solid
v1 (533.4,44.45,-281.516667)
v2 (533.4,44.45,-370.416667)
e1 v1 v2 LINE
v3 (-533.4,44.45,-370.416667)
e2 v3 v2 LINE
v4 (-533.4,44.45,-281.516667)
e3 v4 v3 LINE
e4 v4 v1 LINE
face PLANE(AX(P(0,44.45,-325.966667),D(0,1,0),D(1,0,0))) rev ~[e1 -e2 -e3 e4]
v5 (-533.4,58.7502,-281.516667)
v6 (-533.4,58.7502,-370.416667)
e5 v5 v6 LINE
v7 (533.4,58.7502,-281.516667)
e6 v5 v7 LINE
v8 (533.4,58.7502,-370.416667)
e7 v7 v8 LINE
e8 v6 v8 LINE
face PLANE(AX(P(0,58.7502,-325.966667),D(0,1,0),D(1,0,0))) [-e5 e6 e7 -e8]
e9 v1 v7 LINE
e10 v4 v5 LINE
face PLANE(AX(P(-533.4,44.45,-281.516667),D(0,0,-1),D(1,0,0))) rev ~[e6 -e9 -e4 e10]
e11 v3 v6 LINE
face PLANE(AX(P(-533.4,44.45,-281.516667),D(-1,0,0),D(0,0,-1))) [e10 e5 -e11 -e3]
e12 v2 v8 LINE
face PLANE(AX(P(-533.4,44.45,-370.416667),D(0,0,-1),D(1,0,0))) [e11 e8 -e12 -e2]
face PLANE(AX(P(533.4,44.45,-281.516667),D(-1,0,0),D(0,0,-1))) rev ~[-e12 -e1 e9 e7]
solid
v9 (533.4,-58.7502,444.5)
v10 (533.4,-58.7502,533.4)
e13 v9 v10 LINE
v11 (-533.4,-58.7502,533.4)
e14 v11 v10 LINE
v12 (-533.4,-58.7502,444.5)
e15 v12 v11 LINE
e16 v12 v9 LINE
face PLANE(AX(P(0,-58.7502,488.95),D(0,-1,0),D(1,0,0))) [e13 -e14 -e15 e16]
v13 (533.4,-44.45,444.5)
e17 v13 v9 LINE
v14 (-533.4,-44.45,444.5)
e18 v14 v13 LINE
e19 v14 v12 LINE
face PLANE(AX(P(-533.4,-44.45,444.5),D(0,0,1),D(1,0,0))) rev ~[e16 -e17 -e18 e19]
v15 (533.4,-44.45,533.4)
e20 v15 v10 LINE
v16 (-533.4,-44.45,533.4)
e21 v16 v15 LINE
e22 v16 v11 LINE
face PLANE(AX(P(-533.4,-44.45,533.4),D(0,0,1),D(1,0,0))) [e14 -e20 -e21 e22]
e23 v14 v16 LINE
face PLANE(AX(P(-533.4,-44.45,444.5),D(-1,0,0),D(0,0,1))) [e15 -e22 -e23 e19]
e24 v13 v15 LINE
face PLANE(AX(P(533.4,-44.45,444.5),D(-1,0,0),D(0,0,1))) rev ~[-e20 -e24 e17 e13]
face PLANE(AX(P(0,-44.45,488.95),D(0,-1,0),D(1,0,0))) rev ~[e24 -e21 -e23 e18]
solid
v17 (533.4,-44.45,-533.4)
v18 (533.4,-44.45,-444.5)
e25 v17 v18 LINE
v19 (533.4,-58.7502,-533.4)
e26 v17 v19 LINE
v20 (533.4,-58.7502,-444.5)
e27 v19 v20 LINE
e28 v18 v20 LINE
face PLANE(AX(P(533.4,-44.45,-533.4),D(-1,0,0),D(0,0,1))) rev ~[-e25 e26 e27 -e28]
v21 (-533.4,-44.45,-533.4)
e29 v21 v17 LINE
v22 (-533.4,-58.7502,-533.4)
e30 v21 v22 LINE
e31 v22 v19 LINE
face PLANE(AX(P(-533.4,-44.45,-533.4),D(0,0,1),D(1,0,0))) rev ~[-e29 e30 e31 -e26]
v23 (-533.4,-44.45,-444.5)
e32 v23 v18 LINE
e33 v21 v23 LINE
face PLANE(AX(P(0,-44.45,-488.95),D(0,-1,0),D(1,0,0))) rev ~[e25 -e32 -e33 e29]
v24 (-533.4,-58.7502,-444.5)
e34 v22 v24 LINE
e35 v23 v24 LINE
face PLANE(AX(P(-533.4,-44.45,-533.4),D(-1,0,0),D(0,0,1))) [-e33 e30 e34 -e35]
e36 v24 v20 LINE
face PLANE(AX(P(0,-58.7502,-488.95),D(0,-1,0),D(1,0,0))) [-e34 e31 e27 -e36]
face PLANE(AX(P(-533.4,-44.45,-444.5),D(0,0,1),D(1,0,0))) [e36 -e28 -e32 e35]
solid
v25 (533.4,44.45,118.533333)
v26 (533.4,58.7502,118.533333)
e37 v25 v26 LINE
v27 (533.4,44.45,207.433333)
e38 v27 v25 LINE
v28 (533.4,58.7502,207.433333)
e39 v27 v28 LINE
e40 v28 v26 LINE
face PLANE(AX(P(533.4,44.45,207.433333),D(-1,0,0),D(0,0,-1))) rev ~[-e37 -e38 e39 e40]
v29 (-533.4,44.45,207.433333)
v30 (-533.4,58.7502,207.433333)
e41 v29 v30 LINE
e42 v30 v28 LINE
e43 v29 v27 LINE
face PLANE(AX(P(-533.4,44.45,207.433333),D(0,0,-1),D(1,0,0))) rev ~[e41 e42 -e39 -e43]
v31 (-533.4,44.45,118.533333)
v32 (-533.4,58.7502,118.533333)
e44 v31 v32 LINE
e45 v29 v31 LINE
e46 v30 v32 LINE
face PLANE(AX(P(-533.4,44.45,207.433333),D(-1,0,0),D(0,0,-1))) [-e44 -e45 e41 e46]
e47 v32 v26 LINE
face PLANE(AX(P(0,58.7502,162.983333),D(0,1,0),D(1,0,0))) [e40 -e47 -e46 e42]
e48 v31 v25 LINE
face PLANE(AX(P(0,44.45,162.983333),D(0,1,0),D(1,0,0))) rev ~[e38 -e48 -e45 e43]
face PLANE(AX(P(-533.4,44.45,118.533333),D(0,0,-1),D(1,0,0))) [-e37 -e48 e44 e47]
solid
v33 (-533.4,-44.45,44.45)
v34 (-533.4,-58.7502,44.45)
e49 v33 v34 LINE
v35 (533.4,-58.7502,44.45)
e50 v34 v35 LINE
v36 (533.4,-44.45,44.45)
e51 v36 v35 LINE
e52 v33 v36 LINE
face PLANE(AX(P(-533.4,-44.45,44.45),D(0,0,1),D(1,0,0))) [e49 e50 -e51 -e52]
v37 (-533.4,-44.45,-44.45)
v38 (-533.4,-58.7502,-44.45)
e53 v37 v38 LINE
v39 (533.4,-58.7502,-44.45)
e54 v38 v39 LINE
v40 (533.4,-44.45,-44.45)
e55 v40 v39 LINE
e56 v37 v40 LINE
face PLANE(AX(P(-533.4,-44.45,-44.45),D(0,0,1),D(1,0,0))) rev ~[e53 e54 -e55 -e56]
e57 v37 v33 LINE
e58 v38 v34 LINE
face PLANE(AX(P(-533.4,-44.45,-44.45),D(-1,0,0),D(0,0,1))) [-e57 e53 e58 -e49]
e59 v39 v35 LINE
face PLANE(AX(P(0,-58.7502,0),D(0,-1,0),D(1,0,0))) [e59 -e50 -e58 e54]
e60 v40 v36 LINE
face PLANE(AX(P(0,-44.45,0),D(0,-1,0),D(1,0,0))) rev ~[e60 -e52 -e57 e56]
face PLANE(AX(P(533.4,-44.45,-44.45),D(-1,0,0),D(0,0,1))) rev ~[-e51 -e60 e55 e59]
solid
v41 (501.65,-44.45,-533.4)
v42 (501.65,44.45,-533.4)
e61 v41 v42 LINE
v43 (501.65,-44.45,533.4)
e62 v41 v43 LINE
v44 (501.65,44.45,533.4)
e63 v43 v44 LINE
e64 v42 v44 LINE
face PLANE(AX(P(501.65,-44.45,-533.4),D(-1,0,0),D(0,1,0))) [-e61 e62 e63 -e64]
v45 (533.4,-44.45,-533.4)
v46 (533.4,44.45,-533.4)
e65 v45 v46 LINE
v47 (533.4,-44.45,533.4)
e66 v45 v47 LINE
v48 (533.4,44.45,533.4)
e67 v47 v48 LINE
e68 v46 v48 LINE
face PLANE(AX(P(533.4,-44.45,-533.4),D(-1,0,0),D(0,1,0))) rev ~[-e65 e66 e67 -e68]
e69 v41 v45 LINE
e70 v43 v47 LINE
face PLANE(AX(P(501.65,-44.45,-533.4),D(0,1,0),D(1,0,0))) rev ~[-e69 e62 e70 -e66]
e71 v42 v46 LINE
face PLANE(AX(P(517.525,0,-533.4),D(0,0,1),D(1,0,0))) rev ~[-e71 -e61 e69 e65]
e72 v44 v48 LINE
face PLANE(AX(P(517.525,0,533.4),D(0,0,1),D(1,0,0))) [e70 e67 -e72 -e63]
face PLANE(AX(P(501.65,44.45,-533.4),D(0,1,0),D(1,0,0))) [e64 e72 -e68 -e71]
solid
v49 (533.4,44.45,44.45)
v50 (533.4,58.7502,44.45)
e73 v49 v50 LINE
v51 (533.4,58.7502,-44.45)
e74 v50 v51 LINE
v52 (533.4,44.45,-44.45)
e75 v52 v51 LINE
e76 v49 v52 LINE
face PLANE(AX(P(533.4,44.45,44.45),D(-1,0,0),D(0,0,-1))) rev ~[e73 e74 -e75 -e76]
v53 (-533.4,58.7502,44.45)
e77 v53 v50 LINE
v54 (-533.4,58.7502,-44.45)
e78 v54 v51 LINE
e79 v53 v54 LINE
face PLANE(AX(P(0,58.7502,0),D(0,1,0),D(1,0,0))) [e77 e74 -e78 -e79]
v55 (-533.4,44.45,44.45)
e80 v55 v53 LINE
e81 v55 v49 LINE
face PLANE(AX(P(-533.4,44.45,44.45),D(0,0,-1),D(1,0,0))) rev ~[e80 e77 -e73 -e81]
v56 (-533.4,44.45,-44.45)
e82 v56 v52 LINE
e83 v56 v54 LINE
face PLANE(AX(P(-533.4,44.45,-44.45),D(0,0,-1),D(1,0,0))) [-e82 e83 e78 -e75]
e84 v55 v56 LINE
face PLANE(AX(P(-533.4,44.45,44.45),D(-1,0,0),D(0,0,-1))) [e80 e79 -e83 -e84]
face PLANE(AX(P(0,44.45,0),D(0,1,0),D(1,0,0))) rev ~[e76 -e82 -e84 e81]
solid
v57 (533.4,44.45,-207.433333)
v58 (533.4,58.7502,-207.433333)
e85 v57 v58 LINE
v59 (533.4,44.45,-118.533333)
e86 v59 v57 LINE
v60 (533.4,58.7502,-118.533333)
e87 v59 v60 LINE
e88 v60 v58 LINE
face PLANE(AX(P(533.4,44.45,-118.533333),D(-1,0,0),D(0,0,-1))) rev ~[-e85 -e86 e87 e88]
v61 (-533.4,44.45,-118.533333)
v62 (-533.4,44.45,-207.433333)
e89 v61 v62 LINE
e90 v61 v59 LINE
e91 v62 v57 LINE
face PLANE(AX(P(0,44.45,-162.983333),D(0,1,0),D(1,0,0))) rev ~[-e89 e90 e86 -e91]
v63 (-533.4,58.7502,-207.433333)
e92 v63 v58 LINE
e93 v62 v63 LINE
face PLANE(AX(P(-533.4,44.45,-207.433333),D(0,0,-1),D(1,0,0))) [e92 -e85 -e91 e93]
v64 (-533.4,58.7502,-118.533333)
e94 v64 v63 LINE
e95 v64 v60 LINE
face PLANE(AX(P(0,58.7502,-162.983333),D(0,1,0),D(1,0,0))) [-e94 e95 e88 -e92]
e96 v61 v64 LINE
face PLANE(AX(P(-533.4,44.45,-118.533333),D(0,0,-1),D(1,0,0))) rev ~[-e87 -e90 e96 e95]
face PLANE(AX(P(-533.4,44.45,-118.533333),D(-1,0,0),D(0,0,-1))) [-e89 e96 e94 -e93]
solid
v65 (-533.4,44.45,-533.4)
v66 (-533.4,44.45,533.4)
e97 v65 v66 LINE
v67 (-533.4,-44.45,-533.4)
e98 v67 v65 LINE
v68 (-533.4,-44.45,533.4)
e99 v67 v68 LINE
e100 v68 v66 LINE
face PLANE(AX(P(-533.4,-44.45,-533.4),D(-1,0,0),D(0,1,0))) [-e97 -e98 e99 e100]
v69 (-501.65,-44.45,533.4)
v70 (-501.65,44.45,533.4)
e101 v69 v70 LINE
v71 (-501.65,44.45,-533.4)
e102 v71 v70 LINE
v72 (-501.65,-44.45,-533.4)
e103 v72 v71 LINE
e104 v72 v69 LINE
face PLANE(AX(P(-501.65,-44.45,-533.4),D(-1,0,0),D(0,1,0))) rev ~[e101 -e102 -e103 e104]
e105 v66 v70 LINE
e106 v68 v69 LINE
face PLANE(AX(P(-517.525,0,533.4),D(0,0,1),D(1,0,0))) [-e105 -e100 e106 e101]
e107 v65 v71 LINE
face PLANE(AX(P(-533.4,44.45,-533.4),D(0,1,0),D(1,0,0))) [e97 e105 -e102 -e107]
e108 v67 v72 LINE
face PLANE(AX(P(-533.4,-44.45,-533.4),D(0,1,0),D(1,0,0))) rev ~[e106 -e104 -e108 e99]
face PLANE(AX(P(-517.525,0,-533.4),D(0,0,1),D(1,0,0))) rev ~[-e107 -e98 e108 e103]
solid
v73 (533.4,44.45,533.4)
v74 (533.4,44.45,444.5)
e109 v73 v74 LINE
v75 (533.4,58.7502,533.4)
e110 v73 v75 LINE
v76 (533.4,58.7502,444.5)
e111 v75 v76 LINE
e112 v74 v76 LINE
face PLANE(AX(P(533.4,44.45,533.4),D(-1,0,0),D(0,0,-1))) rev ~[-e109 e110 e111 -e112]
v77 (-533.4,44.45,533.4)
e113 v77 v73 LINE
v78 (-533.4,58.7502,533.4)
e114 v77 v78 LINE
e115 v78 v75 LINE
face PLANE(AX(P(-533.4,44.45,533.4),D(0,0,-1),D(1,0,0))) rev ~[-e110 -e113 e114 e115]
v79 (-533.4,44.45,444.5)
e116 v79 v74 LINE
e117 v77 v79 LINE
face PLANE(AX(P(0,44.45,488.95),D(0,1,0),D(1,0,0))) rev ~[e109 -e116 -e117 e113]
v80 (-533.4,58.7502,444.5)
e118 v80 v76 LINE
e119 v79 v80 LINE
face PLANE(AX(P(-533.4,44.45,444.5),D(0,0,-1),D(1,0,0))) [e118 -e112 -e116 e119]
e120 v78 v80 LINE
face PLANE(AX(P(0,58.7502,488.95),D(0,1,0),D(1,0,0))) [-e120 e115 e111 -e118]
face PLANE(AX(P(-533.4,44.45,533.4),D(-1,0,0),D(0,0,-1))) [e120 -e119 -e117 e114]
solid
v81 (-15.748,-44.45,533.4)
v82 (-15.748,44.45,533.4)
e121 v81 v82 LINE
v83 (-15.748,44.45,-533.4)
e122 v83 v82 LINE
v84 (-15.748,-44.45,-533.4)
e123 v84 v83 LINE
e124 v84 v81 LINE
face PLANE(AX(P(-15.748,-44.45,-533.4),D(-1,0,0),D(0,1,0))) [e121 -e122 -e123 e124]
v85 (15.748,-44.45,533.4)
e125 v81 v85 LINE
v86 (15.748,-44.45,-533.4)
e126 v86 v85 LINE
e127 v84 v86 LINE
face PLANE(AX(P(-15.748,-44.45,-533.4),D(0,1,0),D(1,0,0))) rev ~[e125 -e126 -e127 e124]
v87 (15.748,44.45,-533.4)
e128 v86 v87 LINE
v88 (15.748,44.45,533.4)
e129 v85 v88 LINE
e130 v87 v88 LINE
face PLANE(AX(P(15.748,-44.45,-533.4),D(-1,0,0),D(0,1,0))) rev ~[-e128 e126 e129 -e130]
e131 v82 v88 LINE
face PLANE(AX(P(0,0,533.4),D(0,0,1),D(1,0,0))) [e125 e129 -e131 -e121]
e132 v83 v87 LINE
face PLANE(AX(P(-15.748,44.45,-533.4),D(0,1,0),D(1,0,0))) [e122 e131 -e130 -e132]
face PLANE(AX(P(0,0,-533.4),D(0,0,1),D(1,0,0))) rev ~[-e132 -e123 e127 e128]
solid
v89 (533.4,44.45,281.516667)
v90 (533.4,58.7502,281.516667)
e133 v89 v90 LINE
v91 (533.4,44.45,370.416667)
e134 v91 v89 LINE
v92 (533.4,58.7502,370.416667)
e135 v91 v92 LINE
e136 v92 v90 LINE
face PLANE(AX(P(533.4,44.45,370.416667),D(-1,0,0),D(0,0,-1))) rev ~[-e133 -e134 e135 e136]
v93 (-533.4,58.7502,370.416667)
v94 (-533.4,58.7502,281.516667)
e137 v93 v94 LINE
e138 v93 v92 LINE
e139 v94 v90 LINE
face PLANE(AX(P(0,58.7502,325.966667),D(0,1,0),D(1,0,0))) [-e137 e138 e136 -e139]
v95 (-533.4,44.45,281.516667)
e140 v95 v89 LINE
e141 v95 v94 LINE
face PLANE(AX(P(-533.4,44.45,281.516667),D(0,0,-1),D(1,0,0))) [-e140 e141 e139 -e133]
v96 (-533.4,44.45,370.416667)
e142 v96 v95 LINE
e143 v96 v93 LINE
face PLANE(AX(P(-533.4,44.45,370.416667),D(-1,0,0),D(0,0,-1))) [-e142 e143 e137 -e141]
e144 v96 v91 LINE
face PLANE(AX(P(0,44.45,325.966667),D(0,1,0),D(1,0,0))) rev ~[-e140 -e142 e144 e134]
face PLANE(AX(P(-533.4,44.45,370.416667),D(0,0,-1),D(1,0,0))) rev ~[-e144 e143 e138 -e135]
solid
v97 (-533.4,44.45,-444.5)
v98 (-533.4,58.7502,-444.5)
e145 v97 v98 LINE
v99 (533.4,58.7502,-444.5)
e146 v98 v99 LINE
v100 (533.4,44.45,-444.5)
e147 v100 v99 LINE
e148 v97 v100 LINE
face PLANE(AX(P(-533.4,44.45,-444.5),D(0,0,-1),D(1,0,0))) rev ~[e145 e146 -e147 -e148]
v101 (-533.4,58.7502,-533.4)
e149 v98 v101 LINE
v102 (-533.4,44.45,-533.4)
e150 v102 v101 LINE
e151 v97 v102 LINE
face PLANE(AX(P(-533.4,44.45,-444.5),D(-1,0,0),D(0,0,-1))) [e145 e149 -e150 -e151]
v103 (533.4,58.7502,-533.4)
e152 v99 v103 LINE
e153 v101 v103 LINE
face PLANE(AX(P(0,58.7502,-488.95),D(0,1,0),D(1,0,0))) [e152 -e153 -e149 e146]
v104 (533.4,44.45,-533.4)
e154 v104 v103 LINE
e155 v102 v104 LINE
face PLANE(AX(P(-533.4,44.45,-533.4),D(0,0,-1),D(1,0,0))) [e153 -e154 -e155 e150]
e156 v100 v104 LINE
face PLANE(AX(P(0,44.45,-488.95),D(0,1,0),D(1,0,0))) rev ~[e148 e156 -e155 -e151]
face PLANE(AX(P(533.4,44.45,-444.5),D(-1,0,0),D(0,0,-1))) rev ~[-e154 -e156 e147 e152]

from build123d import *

# Parameters (mm, degrees)
BOSS_EXTRUDE1_DEPTH        = 533.4
BOSS_EXTRUDE1_DEPTH_BACK   = 533.4
SKETCH3_W                  = 31.75
SKETCH3_H                  = 88.9
BOSS_EXTRUDE1_2_DEPTH      = 533.4
BOSS_EXTRUDE1_2_DEPTH_BACK = 533.4
SKETCH3_W_2                = 31.496
BOSS_EXTRUDE1_3_DEPTH      = 533.4
BOSS_EXTRUDE1_3_DEPTH_BACK = 533.4
SKETCH4_W                  = 1066.8
SKETCH4_H                  = 88.9
BOSS_EXTRUDE2_DEPTH        = 14.3002
BOSS_EXTRUDE2_2_DEPTH      = 14.3002
BOSS_EXTRUDE2_3_DEPTH      = 14.3002
BOSS_EXTRUDE2_4_DEPTH      = 14.3002
BOSS_EXTRUDE2_5_DEPTH      = 14.3002
BOSS_EXTRUDE2_6_DEPTH      = 14.3002
BOSS_EXTRUDE2_7_DEPTH      = 14.3002
SKETCH5_W                  = 1066.8
SKETCH5_H                  = 88.9
BOSS_EXTRUDE3_DEPTH        = 14.3002
BOSS_EXTRUDE3_2_DEPTH      = 14.3002
BOSS_EXTRUDE3_3_DEPTH      = 14.3002


with BuildPart() as part:
    # Sketch3 → Boss-Extrude1 (new, two sides: drawn at the far end of the back side and taken through both)
    with BuildSketch(Plane.XY.offset(-BOSS_EXTRUDE1_DEPTH_BACK)):
        with Locations((-517.525, 0)):
            Rectangle(SKETCH3_W, SKETCH3_H)
    extrude(amount=BOSS_EXTRUDE1_DEPTH + BOSS_EXTRUDE1_DEPTH_BACK)


with BuildPart() as body_2:
    # Sketch3 → Boss-Extrude1 2 (new, two sides: drawn at the far end of the back side and taken through both)
    with BuildSketch(Plane.XY.offset(-BOSS_EXTRUDE1_2_DEPTH_BACK)):
        Rectangle(SKETCH3_W_2, SKETCH3_H)
    extrude(amount=BOSS_EXTRUDE1_2_DEPTH + BOSS_EXTRUDE1_2_DEPTH_BACK)


with BuildPart() as body_3:
    # Sketch3 → Boss-Extrude1 3 (new, two sides: drawn at the far end of the back side and taken through both)
    with BuildSketch(Plane.XY.offset(-BOSS_EXTRUDE1_3_DEPTH_BACK)):
        with Locations((517.525, 0)):
            Rectangle(SKETCH3_W, SKETCH3_H)
    extrude(amount=BOSS_EXTRUDE1_3_DEPTH + BOSS_EXTRUDE1_3_DEPTH_BACK)


with BuildPart() as body_4:
    # Sketch4 → Boss-Extrude2 (new body)
    with BuildSketch(Plane(origin=(0, 44.45, 0), x_dir=(1, 0, 0), z_dir=(0, 1, 0))):
        with Locations((0, -488.95)):
            Rectangle(SKETCH4_W, SKETCH4_H)
    extrude(amount=BOSS_EXTRUDE2_DEPTH)


with BuildPart() as body_5:
    # Sketch4 → Boss-Extrude2 2 (new body)
    with BuildSketch(Plane(origin=(0, 44.45, 0), x_dir=(1, 0, 0), z_dir=(0, 1, 0))):
        with Locations((0, -325.966666667)):
            Rectangle(SKETCH4_W, SKETCH4_H)
    extrude(amount=BOSS_EXTRUDE2_2_DEPTH)


with BuildPart() as body_6:
    # Sketch4 → Boss-Extrude2 3 (new body)
    with BuildSketch(Plane(origin=(0, 44.45, 0), x_dir=(1, 0, 0), z_dir=(0, 1, 0))):
        with Locations((0, -162.983333333)):
            Rectangle(SKETCH4_W, SKETCH4_H)
    extrude(amount=BOSS_EXTRUDE2_3_DEPTH)


with BuildPart() as body_7:
    # Sketch4 → Boss-Extrude2 4 (new body)
    with BuildSketch(Plane(origin=(0, 44.45, 0), x_dir=(1, 0, 0), z_dir=(0, 1, 0))):
        Rectangle(SKETCH4_W, SKETCH4_H)
    extrude(amount=BOSS_EXTRUDE2_4_DEPTH)


with BuildPart() as body_8:
    # Sketch4 → Boss-Extrude2 5 (new body)
    with BuildSketch(Plane(origin=(0, 44.45, 0), x_dir=(1, 0, 0), z_dir=(0, 1, 0))):
        with Locations((0, 162.983333333)):
            Rectangle(SKETCH4_W, SKETCH4_H)
    extrude(amount=BOSS_EXTRUDE2_5_DEPTH)


with BuildPart() as body_9:
    # Sketch4 → Boss-Extrude2 6 (new body)
    with BuildSketch(Plane(origin=(0, 44.45, 0), x_dir=(1, 0, 0), z_dir=(0, 1, 0))):
        with Locations((0, 325.966666667)):
            Rectangle(SKETCH4_W, SKETCH4_H)
    extrude(amount=BOSS_EXTRUDE2_6_DEPTH)


with BuildPart() as body_10:
    # Sketch4 → Boss-Extrude2 7 (new body)
    with BuildSketch(Plane(origin=(0, 44.45, 0), x_dir=(1, 0, 0), z_dir=(0, 1, 0))):
        with Locations((0, 488.95)):
            Rectangle(SKETCH4_W, SKETCH4_H)
    extrude(amount=BOSS_EXTRUDE2_7_DEPTH)


with BuildPart() as body_11:
    # Sketch5 → Boss-Extrude3 (new body)
    with BuildSketch(Plane.XZ.offset(44.45)):
        with Locations((0, 488.95)):
            Rectangle(SKETCH5_W, SKETCH5_H)
    extrude(amount=BOSS_EXTRUDE3_DEPTH)


with BuildPart() as body_12:
    # Sketch5 → Boss-Extrude3 2 (new body)
    with BuildSketch(Plane.XZ.offset(44.45)):
        with Locations((0, -488.95)):
            Rectangle(SKETCH5_W, SKETCH5_H)
    extrude(amount=BOSS_EXTRUDE3_2_DEPTH)


with BuildPart() as body_13:
    # Sketch5 → Boss-Extrude3 3 (new body)
    with BuildSketch(Plane.XZ.offset(44.45)):
        Rectangle(SKETCH5_W, SKETCH5_H)
    extrude(amount=BOSS_EXTRUDE3_3_DEPTH)


solid = Compound([part.part, body_2.part, body_3.part, body_4.part, body_5.part, body_6.part, body_7.part, body_8.part, body_9.part, body_10.part, body_11.part, body_12.part, body_13.part])
